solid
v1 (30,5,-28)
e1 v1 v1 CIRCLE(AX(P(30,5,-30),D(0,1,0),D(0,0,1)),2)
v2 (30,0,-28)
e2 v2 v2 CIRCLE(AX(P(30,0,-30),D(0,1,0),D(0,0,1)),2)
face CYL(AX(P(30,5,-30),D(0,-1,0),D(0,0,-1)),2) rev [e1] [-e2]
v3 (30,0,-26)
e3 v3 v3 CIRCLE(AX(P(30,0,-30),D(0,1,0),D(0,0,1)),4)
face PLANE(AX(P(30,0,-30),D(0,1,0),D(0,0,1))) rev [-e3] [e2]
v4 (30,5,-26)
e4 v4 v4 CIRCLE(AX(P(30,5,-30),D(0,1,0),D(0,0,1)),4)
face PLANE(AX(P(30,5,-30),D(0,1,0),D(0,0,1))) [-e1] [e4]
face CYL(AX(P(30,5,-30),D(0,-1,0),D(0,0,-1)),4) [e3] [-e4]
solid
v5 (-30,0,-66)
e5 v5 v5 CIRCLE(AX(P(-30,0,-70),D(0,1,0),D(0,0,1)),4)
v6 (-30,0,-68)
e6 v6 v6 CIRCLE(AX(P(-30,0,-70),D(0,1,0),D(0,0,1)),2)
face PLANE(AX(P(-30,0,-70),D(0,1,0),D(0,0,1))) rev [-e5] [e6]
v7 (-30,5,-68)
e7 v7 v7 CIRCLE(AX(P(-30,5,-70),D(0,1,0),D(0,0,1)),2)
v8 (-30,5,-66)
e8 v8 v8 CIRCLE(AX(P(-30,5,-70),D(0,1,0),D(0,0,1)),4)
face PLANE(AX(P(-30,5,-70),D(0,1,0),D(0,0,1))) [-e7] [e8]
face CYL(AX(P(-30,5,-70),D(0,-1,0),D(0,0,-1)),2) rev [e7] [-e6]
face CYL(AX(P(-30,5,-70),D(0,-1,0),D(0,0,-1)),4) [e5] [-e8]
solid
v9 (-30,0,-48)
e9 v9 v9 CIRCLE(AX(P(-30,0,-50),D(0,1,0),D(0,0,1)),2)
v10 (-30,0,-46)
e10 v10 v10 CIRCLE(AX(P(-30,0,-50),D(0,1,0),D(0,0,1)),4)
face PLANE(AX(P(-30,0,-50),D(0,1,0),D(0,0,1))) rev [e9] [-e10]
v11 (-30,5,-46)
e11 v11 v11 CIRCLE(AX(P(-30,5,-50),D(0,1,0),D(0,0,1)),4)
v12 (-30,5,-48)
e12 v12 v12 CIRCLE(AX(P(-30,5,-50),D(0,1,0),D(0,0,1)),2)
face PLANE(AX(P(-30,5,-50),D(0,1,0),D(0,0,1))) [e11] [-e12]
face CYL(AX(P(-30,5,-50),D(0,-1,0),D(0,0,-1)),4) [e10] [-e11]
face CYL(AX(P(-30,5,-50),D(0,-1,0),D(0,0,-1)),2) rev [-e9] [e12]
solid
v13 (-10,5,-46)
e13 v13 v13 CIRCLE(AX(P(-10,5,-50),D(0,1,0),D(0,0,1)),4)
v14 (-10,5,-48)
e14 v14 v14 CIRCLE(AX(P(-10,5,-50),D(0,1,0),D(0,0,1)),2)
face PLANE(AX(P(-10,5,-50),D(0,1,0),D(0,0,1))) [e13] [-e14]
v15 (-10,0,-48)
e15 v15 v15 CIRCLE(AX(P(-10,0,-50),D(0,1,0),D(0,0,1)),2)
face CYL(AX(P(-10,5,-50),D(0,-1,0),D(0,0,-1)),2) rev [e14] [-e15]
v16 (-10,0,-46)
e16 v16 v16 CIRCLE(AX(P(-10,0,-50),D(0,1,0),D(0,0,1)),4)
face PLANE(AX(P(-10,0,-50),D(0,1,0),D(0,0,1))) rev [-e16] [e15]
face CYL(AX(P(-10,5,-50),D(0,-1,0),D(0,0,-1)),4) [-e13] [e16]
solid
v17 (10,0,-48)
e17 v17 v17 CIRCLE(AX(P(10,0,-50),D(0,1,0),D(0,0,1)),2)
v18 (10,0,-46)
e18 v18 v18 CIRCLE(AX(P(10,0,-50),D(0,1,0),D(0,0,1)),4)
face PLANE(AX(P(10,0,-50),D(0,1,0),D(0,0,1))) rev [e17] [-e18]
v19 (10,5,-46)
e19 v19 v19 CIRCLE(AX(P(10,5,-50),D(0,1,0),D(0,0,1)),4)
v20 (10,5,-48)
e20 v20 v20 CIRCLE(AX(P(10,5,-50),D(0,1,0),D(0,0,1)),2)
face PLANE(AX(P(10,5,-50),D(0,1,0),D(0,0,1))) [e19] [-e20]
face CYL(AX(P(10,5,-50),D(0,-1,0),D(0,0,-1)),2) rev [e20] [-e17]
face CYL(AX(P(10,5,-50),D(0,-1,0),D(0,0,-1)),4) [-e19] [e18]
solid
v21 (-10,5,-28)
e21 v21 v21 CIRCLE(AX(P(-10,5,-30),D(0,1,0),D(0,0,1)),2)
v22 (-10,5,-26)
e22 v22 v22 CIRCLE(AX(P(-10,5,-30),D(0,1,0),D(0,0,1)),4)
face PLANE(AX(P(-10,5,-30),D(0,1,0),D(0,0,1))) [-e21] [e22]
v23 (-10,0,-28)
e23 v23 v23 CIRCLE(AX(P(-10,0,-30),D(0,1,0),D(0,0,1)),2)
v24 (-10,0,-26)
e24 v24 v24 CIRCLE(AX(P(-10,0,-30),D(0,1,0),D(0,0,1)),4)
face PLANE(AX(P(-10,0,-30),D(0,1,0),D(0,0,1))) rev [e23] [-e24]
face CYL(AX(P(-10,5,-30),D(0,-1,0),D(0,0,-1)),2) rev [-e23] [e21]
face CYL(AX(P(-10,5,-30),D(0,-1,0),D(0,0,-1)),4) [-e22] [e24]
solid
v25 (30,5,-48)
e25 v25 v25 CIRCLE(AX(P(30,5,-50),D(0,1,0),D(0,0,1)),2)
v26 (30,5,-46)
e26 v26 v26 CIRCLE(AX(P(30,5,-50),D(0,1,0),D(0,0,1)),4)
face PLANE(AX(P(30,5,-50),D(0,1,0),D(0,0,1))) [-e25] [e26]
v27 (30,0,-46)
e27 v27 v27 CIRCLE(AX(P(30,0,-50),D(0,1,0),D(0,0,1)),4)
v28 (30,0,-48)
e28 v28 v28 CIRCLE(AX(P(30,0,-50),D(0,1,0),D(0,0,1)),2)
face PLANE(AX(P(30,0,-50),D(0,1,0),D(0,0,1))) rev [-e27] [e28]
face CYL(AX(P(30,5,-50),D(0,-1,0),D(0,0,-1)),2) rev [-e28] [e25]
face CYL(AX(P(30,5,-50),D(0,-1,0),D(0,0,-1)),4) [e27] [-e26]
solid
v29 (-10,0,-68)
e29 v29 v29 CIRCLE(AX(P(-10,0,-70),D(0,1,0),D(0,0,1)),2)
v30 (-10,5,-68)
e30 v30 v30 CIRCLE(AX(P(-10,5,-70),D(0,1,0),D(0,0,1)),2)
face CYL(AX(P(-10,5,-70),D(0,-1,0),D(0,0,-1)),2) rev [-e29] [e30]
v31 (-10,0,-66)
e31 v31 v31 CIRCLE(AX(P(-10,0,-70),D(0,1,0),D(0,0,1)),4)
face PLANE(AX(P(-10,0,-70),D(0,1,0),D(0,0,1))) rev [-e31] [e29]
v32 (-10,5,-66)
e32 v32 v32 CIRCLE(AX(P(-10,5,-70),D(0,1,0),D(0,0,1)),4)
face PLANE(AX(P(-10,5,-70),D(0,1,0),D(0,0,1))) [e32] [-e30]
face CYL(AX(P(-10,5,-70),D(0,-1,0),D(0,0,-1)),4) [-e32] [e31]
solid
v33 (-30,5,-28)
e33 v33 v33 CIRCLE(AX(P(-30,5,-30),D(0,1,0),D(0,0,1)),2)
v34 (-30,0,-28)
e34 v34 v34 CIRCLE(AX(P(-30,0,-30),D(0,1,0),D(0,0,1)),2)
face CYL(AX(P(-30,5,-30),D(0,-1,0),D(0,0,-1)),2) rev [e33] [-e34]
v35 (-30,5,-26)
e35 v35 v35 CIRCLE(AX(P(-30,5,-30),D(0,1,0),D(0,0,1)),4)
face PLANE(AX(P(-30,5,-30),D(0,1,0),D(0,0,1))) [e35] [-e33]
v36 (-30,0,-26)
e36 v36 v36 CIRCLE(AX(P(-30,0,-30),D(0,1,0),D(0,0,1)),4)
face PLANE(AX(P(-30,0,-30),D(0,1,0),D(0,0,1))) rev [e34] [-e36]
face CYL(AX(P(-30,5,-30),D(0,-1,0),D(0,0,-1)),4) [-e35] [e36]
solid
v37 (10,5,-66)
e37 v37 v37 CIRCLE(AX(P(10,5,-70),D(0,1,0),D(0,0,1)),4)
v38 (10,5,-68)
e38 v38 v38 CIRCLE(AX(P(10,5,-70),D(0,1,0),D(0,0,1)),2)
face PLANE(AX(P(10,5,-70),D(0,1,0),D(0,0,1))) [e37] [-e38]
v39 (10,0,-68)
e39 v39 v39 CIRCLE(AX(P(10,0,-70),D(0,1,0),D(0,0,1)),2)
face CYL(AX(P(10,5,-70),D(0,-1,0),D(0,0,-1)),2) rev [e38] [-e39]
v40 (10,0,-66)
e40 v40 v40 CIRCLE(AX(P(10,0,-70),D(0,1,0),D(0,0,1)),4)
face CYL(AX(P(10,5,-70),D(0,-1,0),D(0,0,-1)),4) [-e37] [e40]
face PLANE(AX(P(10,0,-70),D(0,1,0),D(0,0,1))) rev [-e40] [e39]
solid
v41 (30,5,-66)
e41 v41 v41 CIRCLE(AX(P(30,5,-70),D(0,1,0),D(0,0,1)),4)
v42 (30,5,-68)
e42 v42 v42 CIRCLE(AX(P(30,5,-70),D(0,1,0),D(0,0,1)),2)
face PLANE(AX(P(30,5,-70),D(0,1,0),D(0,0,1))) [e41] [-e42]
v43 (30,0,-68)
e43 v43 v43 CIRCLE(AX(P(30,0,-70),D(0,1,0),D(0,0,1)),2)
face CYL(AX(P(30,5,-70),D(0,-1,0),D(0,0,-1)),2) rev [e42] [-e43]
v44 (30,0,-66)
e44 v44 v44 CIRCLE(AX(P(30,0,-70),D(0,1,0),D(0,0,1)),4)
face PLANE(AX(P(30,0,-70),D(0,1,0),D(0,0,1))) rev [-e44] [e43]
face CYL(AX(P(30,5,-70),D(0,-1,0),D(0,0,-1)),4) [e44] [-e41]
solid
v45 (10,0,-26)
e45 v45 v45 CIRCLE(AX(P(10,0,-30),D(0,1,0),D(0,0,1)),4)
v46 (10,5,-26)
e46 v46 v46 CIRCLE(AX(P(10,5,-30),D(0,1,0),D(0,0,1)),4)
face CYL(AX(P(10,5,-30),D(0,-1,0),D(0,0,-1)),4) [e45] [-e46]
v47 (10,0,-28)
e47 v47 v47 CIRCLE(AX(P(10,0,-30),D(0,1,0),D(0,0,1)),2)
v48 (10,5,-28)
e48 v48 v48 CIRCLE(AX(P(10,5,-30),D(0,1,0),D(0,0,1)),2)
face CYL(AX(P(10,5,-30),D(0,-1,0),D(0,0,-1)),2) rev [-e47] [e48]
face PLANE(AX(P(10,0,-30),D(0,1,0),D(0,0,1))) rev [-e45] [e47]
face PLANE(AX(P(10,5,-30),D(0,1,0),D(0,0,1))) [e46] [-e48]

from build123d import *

# Parameters (mm, degrees)
SKETCH1_R              = 4
SKETCH1_R_2            = 2
BOSS_EXTRUDE1_DEPTH    = 5
BOSS_EXTRUDE1_2_DEPTH  = 5
BOSS_EXTRUDE1_3_DEPTH  = 5
BOSS_EXTRUDE1_4_DEPTH  = 5
BOSS_EXTRUDE1_5_DEPTH  = 5
BOSS_EXTRUDE1_6_DEPTH  = 5
BOSS_EXTRUDE1_7_DEPTH  = 5
BOSS_EXTRUDE1_8_DEPTH  = 5
BOSS_EXTRUDE1_9_DEPTH  = 5
BOSS_EXTRUDE1_10_DEPTH = 5
BOSS_EXTRUDE1_11_DEPTH = 5
BOSS_EXTRUDE1_12_DEPTH = 5


with BuildPart() as part:
    # Sketch1 → Boss-Extrude1 (new body)
    with BuildSketch(Plane(origin=(0, 0, 0), x_dir=(1, 0, 0), z_dir=(0, 1, 0))):
        with Locations((-30, 30)):
            Circle(SKETCH1_R)
        with Locations((-30, 30)):
            Circle(SKETCH1_R_2, mode=Mode.SUBTRACT)
    extrude(amount=BOSS_EXTRUDE1_DEPTH)


with BuildPart() as body_2:
    # Sketch1 → Boss-Extrude1 2 (new body)
    with BuildSketch(Plane(origin=(0, 0, 0), x_dir=(1, 0, 0), z_dir=(0, 1, 0))):
        with Locations((-10, 30)):
            Circle(SKETCH1_R)
        with Locations((-10, 30)):
            Circle(SKETCH1_R_2, mode=Mode.SUBTRACT)
    extrude(amount=BOSS_EXTRUDE1_2_DEPTH)


with BuildPart() as body_3:
    # Sketch1 → Boss-Extrude1 3 (new body)
    with BuildSketch(Plane(origin=(0, 0, 0), x_dir=(1, 0, 0), z_dir=(0, 1, 0))):
        with Locations((10, 30)):
            Circle(SKETCH1_R)
        with Locations((10, 30)):
            Circle(SKETCH1_R_2, mode=Mode.SUBTRACT)
    extrude(amount=BOSS_EXTRUDE1_3_DEPTH)


with BuildPart() as body_4:
    # Sketch1 → Boss-Extrude1 4 (new body)
    with BuildSketch(Plane(origin=(0, 0, 0), x_dir=(1, 0, 0), z_dir=(0, 1, 0))):
        with Locations((30, 30)):
            Circle(SKETCH1_R)
        with Locations((30, 30)):
            Circle(SKETCH1_R_2, mode=Mode.SUBTRACT)
    extrude(amount=BOSS_EXTRUDE1_4_DEPTH)


with BuildPart() as body_5:
    # Sketch1 → Boss-Extrude1 5 (new body)
    with BuildSketch(Plane(origin=(0, 0, 0), x_dir=(1, 0, 0), z_dir=(0, 1, 0))):
        with Locations((-10, 50)):
            Circle(SKETCH1_R)
        with Locations((-10, 50)):
            Circle(SKETCH1_R_2, mode=Mode.SUBTRACT)
    extrude(amount=BOSS_EXTRUDE1_5_DEPTH)


with BuildPart() as body_6:
    # Sketch1 → Boss-Extrude1 6 (new body)
    with BuildSketch(Plane(origin=(0, 0, 0), x_dir=(1, 0, 0), z_dir=(0, 1, 0))):
        with Locations((10, 50)):
            Circle(SKETCH1_R)
        with Locations((10, 50)):
            Circle(SKETCH1_R_2, mode=Mode.SUBTRACT)
    extrude(amount=BOSS_EXTRUDE1_6_DEPTH)


with BuildPart() as body_7:
    # Sketch1 → Boss-Extrude1 7 (new body)
    with BuildSketch(Plane(origin=(0, 0, 0), x_dir=(1, 0, 0), z_dir=(0, 1, 0))):
        with Locations((30, 50)):
            Circle(SKETCH1_R)
        with Locations((30, 50)):
            Circle(SKETCH1_R_2, mode=Mode.SUBTRACT)
    extrude(amount=BOSS_EXTRUDE1_7_DEPTH)


with BuildPart() as body_8:
    # Sketch1 → Boss-Extrude1 8 (new body)
    with BuildSketch(Plane(origin=(0, 0, 0), x_dir=(1, 0, 0), z_dir=(0, 1, 0))):
        with Locations((-10, 70)):
            Circle(SKETCH1_R)
        with Locations((-10, 70)):
            Circle(SKETCH1_R_2, mode=Mode.SUBTRACT)
    extrude(amount=BOSS_EXTRUDE1_8_DEPTH)


with BuildPart() as body_9:
    # Sketch1 → Boss-Extrude1 9 (new body)
    with BuildSketch(Plane(origin=(0, 0, 0), x_dir=(1, 0, 0), z_dir=(0, 1, 0))):
        with Locations((10, 70)):
            Circle(SKETCH1_R)
        with Locations((10, 70)):
            Circle(SKETCH1_R_2, mode=Mode.SUBTRACT)
    extrude(amount=BOSS_EXTRUDE1_9_DEPTH)


with BuildPart() as body_10:
    # Sketch1 → Boss-Extrude1 10 (new body)
    with BuildSketch(Plane(origin=(0, 0, 0), x_dir=(1, 0, 0), z_dir=(0, 1, 0))):
        with Locations((30, 70)):
            Circle(SKETCH1_R)
        with Locations((30, 70)):
            Circle(SKETCH1_R_2, mode=Mode.SUBTRACT)
    extrude(amount=BOSS_EXTRUDE1_10_DEPTH)


with BuildPart() as body_11:
    # Sketch1 → Boss-Extrude1 11 (new body)
    with BuildSketch(Plane(origin=(0, 0, 0), x_dir=(1, 0, 0), z_dir=(0, 1, 0))):
        with Locations((-30, 50)):
            Circle(SKETCH1_R)
        with Locations((-30, 50)):
            Circle(SKETCH1_R_2, mode=Mode.SUBTRACT)
    extrude(amount=BOSS_EXTRUDE1_11_DEPTH)


with BuildPart() as body_12:
    # Sketch1 → Boss-Extrude1 12 (new body)
    with BuildSketch(Plane(origin=(0, 0, 0), x_dir=(1, 0, 0), z_dir=(0, 1, 0))):
        with Locations((-30, 70)):
            Circle(SKETCH1_R)
        with Locations((-30, 70)):
            Circle(SKETCH1_R_2, mode=Mode.SUBTRACT)
    extrude(amount=BOSS_EXTRUDE1_12_DEPTH)


solid = Compound([part.part, body_2.part, body_3.part, body_4.part, body_5.part, body_6.part, body_7.part, body_8.part, body_9.part, body_10.part, body_11.part, body_12.part])
